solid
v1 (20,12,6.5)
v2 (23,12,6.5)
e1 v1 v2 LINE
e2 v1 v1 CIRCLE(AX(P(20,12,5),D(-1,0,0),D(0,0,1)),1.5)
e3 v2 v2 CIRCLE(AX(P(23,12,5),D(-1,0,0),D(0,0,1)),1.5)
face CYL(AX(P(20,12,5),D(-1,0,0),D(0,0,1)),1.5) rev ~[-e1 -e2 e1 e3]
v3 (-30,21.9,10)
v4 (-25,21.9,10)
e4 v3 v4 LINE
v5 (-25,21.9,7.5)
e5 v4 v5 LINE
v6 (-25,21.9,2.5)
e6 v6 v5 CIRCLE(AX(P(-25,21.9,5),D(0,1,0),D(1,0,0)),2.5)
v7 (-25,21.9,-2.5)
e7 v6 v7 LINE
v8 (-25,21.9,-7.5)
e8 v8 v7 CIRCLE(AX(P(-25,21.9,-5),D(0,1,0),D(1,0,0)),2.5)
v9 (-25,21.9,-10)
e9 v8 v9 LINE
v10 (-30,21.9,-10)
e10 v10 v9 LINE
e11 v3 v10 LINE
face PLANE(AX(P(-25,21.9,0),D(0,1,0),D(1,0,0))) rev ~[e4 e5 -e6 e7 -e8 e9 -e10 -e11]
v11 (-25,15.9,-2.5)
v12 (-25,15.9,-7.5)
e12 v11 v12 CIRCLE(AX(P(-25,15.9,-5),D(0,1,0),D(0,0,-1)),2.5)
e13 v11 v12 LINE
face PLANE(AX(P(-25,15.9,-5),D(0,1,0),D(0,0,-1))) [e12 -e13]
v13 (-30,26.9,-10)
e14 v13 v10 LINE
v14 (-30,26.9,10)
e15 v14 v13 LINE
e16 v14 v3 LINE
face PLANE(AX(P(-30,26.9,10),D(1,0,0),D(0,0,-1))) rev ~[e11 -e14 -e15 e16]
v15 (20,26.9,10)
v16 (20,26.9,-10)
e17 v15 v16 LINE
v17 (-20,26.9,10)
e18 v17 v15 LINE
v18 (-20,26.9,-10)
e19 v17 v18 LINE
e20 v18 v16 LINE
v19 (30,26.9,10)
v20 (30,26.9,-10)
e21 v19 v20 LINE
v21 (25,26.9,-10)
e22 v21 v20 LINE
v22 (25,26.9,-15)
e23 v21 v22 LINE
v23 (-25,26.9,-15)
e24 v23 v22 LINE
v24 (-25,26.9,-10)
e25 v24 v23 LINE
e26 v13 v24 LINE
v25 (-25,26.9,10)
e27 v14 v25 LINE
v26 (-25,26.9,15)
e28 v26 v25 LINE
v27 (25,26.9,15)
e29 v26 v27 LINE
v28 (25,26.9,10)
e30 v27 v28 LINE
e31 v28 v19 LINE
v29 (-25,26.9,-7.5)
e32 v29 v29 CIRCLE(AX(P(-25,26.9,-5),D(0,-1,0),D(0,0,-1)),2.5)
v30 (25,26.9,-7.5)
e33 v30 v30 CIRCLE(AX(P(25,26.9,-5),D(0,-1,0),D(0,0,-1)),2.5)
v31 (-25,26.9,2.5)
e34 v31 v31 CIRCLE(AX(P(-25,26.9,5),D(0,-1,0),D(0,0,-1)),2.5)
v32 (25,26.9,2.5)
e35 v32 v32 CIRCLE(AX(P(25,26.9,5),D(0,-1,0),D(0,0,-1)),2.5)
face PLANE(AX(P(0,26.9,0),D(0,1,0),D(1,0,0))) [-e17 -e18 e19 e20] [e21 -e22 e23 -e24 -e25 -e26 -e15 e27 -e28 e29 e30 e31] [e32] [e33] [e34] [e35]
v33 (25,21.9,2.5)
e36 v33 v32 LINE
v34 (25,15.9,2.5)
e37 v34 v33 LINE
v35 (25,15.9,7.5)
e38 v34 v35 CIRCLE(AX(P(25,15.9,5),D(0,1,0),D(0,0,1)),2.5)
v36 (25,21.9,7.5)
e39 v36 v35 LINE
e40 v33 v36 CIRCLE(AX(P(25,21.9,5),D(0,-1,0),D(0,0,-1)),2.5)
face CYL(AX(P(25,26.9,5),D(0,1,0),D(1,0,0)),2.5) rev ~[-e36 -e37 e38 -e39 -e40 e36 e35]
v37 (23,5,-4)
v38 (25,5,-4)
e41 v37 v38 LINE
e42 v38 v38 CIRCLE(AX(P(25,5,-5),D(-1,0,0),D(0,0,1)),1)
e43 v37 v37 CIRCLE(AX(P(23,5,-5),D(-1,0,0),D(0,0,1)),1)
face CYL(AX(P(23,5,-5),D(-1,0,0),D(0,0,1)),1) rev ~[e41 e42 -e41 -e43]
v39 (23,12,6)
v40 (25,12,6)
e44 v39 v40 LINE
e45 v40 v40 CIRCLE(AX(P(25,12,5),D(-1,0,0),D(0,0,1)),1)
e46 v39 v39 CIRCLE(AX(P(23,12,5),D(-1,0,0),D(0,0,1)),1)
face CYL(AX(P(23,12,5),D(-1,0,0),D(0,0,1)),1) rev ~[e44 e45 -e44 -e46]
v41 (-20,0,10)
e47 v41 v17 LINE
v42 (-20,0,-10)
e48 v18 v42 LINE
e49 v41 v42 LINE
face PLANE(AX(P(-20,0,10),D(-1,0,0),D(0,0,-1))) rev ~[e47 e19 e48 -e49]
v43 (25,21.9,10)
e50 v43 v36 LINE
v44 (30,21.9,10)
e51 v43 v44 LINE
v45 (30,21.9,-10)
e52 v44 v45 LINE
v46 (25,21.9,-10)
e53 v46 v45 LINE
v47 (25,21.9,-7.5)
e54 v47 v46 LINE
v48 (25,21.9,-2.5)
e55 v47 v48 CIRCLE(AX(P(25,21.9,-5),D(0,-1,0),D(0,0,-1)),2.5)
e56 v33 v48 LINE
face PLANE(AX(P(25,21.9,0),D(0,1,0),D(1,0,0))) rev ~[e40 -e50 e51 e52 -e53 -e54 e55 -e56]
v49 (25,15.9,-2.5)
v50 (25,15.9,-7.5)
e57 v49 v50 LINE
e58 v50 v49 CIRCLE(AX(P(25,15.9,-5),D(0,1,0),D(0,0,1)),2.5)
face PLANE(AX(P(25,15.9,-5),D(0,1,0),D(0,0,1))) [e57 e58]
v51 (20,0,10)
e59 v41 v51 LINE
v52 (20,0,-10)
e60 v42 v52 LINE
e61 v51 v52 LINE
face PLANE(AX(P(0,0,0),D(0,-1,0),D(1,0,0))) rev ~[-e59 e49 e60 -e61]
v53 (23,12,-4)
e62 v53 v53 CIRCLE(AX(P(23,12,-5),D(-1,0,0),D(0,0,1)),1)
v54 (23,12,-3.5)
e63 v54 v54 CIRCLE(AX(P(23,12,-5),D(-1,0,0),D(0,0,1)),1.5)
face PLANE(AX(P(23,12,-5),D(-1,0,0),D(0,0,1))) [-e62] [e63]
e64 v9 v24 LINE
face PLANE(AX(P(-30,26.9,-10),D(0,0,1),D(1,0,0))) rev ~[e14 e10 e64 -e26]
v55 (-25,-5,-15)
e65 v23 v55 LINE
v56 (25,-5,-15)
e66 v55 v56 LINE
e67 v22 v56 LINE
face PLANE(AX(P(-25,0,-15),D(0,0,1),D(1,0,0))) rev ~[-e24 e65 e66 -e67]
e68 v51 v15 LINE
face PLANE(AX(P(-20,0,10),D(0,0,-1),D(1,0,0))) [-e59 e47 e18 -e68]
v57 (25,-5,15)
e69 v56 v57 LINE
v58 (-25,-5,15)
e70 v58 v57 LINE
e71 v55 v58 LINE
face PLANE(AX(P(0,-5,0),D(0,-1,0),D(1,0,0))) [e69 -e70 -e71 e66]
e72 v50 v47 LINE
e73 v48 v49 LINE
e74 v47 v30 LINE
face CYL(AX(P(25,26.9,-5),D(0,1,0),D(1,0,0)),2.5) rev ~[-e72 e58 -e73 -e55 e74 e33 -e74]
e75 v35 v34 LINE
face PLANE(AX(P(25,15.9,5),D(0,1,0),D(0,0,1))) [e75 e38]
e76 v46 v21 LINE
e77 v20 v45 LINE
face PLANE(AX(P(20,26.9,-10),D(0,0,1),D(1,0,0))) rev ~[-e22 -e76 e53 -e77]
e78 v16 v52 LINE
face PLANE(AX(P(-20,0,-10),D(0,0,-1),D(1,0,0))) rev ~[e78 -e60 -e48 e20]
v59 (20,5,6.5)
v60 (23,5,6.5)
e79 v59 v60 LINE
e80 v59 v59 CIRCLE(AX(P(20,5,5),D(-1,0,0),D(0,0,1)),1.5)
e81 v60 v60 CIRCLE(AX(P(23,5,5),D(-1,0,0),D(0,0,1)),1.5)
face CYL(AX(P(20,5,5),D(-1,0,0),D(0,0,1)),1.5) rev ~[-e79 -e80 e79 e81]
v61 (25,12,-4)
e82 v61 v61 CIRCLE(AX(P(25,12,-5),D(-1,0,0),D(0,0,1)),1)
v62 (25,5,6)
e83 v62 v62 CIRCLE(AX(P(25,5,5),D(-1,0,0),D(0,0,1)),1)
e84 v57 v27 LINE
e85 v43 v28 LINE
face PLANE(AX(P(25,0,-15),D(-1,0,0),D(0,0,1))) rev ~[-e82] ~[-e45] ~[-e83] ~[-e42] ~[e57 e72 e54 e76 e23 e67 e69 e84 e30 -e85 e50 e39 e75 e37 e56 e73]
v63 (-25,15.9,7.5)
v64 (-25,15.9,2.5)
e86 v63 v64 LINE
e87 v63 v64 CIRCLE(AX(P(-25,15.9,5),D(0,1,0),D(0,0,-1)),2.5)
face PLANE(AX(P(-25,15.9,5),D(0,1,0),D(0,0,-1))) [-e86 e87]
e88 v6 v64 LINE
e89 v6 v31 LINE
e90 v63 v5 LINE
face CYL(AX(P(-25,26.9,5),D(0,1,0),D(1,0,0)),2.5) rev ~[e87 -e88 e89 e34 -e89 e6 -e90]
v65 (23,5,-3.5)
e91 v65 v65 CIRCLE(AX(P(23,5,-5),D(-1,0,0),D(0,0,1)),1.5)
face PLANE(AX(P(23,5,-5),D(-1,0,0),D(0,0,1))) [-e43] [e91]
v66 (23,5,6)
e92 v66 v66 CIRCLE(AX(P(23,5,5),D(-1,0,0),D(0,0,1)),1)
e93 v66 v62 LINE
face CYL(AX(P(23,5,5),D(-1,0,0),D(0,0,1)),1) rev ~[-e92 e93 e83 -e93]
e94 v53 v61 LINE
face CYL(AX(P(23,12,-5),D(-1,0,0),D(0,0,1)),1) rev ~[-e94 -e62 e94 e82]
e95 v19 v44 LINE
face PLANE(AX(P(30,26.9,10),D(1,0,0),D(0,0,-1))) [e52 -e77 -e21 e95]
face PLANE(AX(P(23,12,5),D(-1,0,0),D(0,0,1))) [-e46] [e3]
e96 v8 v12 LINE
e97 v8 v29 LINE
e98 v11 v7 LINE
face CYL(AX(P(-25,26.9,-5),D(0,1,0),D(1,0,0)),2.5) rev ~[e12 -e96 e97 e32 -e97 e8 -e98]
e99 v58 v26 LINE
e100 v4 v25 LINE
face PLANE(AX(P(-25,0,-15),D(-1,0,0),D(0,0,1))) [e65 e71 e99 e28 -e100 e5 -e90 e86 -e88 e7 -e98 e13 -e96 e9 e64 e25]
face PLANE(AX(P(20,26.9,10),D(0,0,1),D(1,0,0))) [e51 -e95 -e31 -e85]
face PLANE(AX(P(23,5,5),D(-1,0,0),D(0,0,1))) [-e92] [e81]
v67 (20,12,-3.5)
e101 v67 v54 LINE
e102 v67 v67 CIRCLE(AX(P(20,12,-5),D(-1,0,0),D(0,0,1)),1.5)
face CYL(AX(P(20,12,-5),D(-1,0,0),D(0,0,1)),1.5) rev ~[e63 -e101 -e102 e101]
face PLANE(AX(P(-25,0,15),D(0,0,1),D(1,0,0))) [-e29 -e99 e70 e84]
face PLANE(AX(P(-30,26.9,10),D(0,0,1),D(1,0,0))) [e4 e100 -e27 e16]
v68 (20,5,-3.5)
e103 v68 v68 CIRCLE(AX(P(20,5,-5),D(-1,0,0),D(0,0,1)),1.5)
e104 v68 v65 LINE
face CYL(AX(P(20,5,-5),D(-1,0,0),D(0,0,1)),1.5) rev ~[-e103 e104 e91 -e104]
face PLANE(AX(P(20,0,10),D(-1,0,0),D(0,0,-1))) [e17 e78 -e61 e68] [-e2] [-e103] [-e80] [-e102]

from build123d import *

# Parameters (mm, degrees)
SKETCH1_W           = 50
SKETCH1_H           = 30
SKETCH1_W_2         = 40
SKETCH1_H_2         = 20
BOSS_EXTRUDE1_DEPTH = 26.9
SKETCH2_W           = 10
SKETCH2_H           = 20
SKETCH2_R           = 2.5
BOSS_EXTRUDE2_DEPTH = 5
SKETCH3_R           = 2.5
CUT_EXTRUDE1_DEPTH  = 11
SKETCH5_R           = 1.5
CUT_EXTRUDE3_DEPTH  = 3
SKETCH6_R           = 1
CUT_EXTRUDE4_DEPTH  = 9
SKETCH7_W           = 50
SKETCH7_H           = 30
BOSS_EXTRUDE3_DEPTH = 5


with BuildPart() as part:
    # Sketch1 → Boss-Extrude1 (new body)
    with BuildSketch(Plane(origin=(0, 0, 0), x_dir=(1, 0, 0), z_dir=(0, 1, 0))):
        Rectangle(SKETCH1_W, SKETCH1_H)
        Rectangle(SKETCH1_W_2, SKETCH1_H_2, mode=Mode.SUBTRACT)
    extrude(amount=BOSS_EXTRUDE1_DEPTH)

    # Sketch2 → Boss-Extrude2 (add)
    # profile 1 of 2: a face of its own
    with BuildSketch(Plane(origin=(0, 26.9, 0), x_dir=(1, 0, 0), z_dir=(0, 1, 0))):
        with Locations((25, 0)):
            Rectangle(SKETCH2_W, SKETCH2_H)
        with Locations((25, 5)):
            Circle(SKETCH2_R, mode=Mode.SUBTRACT)
        with Locations((25, -5)):
            Circle(SKETCH2_R, mode=Mode.SUBTRACT)
    # profile 2 of 2: a face of its own
    with BuildSketch(Plane(origin=(0, 26.9, 0), x_dir=(1, 0, 0), z_dir=(0, 1, 0))):
        with Locations((-25, 0)):
            Rectangle(SKETCH2_W, SKETCH2_H)
        with Locations((-25, -5)):
            Circle(SKETCH2_R, mode=Mode.SUBTRACT)
        with Locations((-25, 5)):
            Circle(SKETCH2_R, mode=Mode.SUBTRACT)
    extrude(amount=-BOSS_EXTRUDE2_DEPTH)

    # Sketch3 → Cut-Extrude1 (cut)
    with BuildSketch(Plane(origin=(0, 26.9, 0), x_dir=(1, 0, 0), z_dir=(0, 1, 0))):
        with Locations(Location((-25, 5, 0), (0, 0, 90))):
            Circle(SKETCH3_R)
        with Locations(Location((-25, -5, 0), (0, 0, 90))):
            Circle(SKETCH3_R)
        with Locations(Location((25, -5, 0), (0, 0, 270))):
            Circle(SKETCH3_R)
        with Locations(Location((25, 5, 0), (0, 0, 270))):
            Circle(SKETCH3_R)
    extrude(amount=-CUT_EXTRUDE1_DEPTH, mode=Mode.SUBTRACT)

    # Sketch5 → Cut-Extrude3 (cut)
    with BuildSketch(Plane.ZY.offset(-20)):
        with Locations((-5, 12)):
            Circle(SKETCH5_R)
        with Locations((-5, 5)):
            Circle(SKETCH5_R)
        with Locations((5, 12)):
            Circle(SKETCH5_R)
        with Locations((5, 5)):
            Circle(SKETCH5_R)
    extrude(amount=-CUT_EXTRUDE3_DEPTH, mode=Mode.SUBTRACT)

    # Sketch6 → Cut-Extrude4 (cut)
    with BuildSketch(Plane.ZY.offset(-23)):
        with Locations((-5, 12)):
            Circle(SKETCH6_R)
        with Locations((5, 12)):
            Circle(SKETCH6_R)
        with Locations((-5, 5)):
            Circle(SKETCH6_R)
        with Locations((5, 5)):
            Circle(SKETCH6_R)
    extrude(amount=-CUT_EXTRUDE4_DEPTH, mode=Mode.SUBTRACT)

    # Sketch7 → Boss-Extrude3 (add)
    with BuildSketch(Plane.XZ):
        Rectangle(SKETCH7_W, SKETCH7_H)
    extrude(amount=BOSS_EXTRUDE3_DEPTH)


solid = part.part
